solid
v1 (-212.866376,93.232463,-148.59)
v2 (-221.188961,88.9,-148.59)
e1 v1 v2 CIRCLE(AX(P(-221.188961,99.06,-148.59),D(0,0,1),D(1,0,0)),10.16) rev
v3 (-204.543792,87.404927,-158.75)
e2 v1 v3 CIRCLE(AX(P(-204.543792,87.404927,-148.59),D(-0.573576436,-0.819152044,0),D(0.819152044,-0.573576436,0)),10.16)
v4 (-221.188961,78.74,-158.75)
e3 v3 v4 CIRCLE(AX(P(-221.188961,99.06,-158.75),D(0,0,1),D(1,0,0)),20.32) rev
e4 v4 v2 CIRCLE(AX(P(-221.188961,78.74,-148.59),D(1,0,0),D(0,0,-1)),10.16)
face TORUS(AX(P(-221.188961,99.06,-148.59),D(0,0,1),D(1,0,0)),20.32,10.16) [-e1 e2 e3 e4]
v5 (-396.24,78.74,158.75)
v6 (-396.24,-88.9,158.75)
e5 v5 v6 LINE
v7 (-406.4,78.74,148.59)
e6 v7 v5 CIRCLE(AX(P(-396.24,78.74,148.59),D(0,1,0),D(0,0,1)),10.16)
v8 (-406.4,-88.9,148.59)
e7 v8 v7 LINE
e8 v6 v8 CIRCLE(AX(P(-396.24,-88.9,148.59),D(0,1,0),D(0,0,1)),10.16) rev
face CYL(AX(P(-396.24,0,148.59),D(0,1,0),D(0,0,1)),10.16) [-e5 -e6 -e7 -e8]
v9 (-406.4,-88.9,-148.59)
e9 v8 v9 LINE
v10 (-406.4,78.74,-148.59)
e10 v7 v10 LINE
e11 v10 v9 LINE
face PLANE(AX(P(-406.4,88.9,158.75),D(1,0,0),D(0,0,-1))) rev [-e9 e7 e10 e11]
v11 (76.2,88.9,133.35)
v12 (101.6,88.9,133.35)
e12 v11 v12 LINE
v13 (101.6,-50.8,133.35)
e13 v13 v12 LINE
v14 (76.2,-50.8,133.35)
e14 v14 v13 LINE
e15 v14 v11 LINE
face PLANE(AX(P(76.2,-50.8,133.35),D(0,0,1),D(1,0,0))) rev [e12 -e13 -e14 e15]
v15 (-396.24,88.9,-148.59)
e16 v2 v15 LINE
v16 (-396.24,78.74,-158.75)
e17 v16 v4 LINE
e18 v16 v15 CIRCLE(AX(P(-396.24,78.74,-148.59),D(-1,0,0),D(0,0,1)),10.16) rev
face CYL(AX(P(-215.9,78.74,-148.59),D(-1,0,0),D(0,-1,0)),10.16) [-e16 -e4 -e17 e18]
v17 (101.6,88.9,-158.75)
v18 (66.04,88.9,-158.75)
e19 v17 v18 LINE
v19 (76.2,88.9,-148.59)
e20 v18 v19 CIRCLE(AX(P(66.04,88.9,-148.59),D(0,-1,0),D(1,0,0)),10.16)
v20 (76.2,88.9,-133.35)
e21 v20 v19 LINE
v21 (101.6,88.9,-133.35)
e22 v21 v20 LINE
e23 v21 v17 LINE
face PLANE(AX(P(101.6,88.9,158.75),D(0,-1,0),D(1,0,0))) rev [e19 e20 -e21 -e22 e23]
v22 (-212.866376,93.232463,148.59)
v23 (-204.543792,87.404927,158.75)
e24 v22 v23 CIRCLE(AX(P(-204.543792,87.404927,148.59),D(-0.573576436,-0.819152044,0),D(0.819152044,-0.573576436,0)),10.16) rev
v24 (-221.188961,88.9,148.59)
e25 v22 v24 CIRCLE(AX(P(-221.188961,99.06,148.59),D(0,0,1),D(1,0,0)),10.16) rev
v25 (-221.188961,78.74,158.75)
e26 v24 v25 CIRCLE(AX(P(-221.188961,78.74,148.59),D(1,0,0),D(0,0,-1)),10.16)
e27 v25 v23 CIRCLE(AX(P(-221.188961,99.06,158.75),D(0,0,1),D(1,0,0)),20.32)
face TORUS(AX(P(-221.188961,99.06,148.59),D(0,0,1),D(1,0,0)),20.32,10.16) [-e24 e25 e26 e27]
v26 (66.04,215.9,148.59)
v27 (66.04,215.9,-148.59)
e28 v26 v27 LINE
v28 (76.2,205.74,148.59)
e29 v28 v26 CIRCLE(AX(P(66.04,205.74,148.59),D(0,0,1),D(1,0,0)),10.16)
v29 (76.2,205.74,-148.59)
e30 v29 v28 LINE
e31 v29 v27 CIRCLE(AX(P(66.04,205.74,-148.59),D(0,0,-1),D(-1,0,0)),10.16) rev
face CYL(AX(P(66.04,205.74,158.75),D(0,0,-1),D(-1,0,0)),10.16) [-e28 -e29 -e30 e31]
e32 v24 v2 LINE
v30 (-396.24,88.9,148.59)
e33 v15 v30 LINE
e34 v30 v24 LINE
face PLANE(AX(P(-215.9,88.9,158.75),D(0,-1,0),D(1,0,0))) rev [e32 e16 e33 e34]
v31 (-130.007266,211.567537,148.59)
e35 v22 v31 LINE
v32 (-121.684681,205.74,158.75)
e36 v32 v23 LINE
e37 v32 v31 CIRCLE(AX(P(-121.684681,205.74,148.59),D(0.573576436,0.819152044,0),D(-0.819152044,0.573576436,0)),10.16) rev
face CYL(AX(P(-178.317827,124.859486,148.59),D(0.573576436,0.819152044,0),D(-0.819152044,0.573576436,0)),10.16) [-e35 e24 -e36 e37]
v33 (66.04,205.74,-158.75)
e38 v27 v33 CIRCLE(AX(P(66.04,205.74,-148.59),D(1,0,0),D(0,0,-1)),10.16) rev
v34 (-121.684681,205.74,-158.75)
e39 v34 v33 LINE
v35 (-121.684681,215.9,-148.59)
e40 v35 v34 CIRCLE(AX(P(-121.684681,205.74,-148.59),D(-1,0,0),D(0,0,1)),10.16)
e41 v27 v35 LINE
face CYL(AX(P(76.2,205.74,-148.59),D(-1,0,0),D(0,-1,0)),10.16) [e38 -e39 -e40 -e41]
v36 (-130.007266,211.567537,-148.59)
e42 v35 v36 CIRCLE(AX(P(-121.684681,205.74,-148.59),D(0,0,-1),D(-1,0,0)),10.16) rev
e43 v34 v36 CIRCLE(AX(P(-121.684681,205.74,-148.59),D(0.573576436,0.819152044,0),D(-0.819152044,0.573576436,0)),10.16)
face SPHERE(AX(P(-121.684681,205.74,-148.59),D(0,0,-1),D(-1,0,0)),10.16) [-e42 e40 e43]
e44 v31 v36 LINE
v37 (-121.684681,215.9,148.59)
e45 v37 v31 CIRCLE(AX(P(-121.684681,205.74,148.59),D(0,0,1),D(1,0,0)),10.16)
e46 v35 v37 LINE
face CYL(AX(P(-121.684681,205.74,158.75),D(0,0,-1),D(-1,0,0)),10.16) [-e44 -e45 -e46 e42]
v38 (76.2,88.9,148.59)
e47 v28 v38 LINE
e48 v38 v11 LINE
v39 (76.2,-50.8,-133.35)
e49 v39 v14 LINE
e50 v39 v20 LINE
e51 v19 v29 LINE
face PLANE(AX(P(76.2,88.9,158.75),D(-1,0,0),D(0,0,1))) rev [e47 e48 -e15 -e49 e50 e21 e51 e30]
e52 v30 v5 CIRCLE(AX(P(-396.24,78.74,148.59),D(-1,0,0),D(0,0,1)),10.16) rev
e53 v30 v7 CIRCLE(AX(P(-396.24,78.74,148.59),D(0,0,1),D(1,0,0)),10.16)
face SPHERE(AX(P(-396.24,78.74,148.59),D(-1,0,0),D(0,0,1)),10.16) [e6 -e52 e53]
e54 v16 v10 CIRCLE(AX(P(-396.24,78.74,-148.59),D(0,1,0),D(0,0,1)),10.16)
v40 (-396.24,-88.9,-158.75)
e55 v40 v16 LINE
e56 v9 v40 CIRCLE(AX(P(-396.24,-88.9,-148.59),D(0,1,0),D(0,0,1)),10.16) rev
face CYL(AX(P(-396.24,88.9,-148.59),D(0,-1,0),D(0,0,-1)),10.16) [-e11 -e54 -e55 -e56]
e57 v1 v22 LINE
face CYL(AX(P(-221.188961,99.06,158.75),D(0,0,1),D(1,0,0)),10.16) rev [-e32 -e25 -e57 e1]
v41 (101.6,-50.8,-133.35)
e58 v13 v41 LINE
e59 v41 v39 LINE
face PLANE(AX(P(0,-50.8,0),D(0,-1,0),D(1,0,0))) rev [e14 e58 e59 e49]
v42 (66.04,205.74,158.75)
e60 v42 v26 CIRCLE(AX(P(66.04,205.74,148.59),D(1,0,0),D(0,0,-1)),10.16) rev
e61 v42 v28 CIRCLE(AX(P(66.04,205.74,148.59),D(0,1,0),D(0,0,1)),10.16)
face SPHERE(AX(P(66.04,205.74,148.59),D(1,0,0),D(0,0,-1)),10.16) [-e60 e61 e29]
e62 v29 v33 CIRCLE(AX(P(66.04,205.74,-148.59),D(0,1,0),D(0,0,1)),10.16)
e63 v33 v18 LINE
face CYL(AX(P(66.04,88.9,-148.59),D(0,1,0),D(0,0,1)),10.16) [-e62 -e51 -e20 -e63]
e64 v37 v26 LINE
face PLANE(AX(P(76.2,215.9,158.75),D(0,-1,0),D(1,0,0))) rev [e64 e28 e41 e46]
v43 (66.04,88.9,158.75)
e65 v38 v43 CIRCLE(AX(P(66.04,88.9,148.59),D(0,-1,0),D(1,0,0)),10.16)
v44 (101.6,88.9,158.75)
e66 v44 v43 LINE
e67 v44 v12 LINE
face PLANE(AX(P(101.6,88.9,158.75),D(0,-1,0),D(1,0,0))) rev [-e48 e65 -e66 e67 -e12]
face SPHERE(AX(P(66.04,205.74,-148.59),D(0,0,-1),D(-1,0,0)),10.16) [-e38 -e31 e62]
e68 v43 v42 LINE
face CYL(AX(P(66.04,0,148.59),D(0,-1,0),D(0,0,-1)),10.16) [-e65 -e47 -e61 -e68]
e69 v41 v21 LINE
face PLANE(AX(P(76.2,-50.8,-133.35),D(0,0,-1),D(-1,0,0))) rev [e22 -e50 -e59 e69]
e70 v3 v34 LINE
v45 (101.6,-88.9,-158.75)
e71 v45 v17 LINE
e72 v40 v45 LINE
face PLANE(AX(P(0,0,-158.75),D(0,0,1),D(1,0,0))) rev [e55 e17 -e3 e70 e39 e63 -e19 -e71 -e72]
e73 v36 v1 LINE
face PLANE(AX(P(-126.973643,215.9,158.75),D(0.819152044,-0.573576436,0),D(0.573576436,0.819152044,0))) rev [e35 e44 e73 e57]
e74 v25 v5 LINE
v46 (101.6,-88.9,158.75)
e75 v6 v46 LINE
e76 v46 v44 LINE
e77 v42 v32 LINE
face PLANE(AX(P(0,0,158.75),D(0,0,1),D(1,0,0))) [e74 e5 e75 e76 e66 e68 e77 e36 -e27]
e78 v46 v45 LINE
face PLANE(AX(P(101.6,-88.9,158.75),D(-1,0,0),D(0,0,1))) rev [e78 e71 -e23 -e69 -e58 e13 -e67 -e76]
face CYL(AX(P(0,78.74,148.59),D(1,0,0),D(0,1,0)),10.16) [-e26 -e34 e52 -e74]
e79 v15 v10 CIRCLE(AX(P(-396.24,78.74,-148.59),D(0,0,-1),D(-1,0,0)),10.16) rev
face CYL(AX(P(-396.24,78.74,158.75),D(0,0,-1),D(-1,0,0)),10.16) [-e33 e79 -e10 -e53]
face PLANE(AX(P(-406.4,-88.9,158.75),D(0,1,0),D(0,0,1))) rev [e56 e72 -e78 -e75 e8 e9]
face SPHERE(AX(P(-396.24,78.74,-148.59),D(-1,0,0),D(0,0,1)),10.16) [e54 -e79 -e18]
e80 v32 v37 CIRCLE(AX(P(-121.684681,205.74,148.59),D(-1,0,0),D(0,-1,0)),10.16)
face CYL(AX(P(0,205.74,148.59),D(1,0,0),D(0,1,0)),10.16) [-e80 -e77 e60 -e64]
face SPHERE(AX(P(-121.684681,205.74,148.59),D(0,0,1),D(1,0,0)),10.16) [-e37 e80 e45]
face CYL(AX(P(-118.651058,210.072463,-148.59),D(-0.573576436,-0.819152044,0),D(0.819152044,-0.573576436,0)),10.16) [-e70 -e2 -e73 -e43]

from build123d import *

# Parameters (mm, degrees)
BOSS_EXTRUDE1_DEPTH = 158.75
SKETCH2_W           = 25.4
SKETCH2_H           = 266.7
CUT_EXTRUDE1_DEPTH  = 139.7
FILLET1_R           = 10.16


with BuildPart() as part:
    # Sketch1 → Boss-Extrude1 (new, symmetric)
    with BuildSketch(Plane.XY):
        Polygon((-406.4, 88.9), (-406.4, -88.9), (101.6, -88.9), (101.6, 88.9), (76.2, 88.9), (76.2, 215.9), (-126.973642647, 215.9), (-215.9, 88.9), align=None)
    extrude(amount=BOSS_EXTRUDE1_DEPTH, both=True)

    # Sketch2 → Cut-Extrude1 (cut)
    with BuildSketch(Plane(origin=(0, 88.9, 0), x_dir=(1, 0, 0), z_dir=(0, 1, 0))):
        with Locations((88.9, 0)):
            Rectangle(SKETCH2_W, SKETCH2_H)
    extrude(amount=-CUT_EXTRUDE1_DEPTH, mode=Mode.SUBTRACT)

    # Fillet1
    fillet1_edges = [part.edges().sort_by_distance(p)[0] for p in [
        (-171.436821324, 152.4, 158.75),
        (-171.436821324, 152.4, -158.75),
        (-215.9, 88.9, 0),
        (-311.15, 88.9, 158.75),
        (-406.4, 88.9, 0),
        (-311.15, 88.9, -158.75),
        (76.2, 152.4, -158.75),
        (76.2, 152.4, 158.75),
        (-25.386821324, 215.9, -158.75),
        (-25.386821324, 215.9, 158.75),
        (76.2, 215.9, 0),
        (-126.973642647, 215.9, 0),
        (-406.4, 0, -158.75),
        (-406.4, 0, 158.75),
    ]]
    fillet(fillet1_edges, radius=FILLET1_R)


solid = part.part
